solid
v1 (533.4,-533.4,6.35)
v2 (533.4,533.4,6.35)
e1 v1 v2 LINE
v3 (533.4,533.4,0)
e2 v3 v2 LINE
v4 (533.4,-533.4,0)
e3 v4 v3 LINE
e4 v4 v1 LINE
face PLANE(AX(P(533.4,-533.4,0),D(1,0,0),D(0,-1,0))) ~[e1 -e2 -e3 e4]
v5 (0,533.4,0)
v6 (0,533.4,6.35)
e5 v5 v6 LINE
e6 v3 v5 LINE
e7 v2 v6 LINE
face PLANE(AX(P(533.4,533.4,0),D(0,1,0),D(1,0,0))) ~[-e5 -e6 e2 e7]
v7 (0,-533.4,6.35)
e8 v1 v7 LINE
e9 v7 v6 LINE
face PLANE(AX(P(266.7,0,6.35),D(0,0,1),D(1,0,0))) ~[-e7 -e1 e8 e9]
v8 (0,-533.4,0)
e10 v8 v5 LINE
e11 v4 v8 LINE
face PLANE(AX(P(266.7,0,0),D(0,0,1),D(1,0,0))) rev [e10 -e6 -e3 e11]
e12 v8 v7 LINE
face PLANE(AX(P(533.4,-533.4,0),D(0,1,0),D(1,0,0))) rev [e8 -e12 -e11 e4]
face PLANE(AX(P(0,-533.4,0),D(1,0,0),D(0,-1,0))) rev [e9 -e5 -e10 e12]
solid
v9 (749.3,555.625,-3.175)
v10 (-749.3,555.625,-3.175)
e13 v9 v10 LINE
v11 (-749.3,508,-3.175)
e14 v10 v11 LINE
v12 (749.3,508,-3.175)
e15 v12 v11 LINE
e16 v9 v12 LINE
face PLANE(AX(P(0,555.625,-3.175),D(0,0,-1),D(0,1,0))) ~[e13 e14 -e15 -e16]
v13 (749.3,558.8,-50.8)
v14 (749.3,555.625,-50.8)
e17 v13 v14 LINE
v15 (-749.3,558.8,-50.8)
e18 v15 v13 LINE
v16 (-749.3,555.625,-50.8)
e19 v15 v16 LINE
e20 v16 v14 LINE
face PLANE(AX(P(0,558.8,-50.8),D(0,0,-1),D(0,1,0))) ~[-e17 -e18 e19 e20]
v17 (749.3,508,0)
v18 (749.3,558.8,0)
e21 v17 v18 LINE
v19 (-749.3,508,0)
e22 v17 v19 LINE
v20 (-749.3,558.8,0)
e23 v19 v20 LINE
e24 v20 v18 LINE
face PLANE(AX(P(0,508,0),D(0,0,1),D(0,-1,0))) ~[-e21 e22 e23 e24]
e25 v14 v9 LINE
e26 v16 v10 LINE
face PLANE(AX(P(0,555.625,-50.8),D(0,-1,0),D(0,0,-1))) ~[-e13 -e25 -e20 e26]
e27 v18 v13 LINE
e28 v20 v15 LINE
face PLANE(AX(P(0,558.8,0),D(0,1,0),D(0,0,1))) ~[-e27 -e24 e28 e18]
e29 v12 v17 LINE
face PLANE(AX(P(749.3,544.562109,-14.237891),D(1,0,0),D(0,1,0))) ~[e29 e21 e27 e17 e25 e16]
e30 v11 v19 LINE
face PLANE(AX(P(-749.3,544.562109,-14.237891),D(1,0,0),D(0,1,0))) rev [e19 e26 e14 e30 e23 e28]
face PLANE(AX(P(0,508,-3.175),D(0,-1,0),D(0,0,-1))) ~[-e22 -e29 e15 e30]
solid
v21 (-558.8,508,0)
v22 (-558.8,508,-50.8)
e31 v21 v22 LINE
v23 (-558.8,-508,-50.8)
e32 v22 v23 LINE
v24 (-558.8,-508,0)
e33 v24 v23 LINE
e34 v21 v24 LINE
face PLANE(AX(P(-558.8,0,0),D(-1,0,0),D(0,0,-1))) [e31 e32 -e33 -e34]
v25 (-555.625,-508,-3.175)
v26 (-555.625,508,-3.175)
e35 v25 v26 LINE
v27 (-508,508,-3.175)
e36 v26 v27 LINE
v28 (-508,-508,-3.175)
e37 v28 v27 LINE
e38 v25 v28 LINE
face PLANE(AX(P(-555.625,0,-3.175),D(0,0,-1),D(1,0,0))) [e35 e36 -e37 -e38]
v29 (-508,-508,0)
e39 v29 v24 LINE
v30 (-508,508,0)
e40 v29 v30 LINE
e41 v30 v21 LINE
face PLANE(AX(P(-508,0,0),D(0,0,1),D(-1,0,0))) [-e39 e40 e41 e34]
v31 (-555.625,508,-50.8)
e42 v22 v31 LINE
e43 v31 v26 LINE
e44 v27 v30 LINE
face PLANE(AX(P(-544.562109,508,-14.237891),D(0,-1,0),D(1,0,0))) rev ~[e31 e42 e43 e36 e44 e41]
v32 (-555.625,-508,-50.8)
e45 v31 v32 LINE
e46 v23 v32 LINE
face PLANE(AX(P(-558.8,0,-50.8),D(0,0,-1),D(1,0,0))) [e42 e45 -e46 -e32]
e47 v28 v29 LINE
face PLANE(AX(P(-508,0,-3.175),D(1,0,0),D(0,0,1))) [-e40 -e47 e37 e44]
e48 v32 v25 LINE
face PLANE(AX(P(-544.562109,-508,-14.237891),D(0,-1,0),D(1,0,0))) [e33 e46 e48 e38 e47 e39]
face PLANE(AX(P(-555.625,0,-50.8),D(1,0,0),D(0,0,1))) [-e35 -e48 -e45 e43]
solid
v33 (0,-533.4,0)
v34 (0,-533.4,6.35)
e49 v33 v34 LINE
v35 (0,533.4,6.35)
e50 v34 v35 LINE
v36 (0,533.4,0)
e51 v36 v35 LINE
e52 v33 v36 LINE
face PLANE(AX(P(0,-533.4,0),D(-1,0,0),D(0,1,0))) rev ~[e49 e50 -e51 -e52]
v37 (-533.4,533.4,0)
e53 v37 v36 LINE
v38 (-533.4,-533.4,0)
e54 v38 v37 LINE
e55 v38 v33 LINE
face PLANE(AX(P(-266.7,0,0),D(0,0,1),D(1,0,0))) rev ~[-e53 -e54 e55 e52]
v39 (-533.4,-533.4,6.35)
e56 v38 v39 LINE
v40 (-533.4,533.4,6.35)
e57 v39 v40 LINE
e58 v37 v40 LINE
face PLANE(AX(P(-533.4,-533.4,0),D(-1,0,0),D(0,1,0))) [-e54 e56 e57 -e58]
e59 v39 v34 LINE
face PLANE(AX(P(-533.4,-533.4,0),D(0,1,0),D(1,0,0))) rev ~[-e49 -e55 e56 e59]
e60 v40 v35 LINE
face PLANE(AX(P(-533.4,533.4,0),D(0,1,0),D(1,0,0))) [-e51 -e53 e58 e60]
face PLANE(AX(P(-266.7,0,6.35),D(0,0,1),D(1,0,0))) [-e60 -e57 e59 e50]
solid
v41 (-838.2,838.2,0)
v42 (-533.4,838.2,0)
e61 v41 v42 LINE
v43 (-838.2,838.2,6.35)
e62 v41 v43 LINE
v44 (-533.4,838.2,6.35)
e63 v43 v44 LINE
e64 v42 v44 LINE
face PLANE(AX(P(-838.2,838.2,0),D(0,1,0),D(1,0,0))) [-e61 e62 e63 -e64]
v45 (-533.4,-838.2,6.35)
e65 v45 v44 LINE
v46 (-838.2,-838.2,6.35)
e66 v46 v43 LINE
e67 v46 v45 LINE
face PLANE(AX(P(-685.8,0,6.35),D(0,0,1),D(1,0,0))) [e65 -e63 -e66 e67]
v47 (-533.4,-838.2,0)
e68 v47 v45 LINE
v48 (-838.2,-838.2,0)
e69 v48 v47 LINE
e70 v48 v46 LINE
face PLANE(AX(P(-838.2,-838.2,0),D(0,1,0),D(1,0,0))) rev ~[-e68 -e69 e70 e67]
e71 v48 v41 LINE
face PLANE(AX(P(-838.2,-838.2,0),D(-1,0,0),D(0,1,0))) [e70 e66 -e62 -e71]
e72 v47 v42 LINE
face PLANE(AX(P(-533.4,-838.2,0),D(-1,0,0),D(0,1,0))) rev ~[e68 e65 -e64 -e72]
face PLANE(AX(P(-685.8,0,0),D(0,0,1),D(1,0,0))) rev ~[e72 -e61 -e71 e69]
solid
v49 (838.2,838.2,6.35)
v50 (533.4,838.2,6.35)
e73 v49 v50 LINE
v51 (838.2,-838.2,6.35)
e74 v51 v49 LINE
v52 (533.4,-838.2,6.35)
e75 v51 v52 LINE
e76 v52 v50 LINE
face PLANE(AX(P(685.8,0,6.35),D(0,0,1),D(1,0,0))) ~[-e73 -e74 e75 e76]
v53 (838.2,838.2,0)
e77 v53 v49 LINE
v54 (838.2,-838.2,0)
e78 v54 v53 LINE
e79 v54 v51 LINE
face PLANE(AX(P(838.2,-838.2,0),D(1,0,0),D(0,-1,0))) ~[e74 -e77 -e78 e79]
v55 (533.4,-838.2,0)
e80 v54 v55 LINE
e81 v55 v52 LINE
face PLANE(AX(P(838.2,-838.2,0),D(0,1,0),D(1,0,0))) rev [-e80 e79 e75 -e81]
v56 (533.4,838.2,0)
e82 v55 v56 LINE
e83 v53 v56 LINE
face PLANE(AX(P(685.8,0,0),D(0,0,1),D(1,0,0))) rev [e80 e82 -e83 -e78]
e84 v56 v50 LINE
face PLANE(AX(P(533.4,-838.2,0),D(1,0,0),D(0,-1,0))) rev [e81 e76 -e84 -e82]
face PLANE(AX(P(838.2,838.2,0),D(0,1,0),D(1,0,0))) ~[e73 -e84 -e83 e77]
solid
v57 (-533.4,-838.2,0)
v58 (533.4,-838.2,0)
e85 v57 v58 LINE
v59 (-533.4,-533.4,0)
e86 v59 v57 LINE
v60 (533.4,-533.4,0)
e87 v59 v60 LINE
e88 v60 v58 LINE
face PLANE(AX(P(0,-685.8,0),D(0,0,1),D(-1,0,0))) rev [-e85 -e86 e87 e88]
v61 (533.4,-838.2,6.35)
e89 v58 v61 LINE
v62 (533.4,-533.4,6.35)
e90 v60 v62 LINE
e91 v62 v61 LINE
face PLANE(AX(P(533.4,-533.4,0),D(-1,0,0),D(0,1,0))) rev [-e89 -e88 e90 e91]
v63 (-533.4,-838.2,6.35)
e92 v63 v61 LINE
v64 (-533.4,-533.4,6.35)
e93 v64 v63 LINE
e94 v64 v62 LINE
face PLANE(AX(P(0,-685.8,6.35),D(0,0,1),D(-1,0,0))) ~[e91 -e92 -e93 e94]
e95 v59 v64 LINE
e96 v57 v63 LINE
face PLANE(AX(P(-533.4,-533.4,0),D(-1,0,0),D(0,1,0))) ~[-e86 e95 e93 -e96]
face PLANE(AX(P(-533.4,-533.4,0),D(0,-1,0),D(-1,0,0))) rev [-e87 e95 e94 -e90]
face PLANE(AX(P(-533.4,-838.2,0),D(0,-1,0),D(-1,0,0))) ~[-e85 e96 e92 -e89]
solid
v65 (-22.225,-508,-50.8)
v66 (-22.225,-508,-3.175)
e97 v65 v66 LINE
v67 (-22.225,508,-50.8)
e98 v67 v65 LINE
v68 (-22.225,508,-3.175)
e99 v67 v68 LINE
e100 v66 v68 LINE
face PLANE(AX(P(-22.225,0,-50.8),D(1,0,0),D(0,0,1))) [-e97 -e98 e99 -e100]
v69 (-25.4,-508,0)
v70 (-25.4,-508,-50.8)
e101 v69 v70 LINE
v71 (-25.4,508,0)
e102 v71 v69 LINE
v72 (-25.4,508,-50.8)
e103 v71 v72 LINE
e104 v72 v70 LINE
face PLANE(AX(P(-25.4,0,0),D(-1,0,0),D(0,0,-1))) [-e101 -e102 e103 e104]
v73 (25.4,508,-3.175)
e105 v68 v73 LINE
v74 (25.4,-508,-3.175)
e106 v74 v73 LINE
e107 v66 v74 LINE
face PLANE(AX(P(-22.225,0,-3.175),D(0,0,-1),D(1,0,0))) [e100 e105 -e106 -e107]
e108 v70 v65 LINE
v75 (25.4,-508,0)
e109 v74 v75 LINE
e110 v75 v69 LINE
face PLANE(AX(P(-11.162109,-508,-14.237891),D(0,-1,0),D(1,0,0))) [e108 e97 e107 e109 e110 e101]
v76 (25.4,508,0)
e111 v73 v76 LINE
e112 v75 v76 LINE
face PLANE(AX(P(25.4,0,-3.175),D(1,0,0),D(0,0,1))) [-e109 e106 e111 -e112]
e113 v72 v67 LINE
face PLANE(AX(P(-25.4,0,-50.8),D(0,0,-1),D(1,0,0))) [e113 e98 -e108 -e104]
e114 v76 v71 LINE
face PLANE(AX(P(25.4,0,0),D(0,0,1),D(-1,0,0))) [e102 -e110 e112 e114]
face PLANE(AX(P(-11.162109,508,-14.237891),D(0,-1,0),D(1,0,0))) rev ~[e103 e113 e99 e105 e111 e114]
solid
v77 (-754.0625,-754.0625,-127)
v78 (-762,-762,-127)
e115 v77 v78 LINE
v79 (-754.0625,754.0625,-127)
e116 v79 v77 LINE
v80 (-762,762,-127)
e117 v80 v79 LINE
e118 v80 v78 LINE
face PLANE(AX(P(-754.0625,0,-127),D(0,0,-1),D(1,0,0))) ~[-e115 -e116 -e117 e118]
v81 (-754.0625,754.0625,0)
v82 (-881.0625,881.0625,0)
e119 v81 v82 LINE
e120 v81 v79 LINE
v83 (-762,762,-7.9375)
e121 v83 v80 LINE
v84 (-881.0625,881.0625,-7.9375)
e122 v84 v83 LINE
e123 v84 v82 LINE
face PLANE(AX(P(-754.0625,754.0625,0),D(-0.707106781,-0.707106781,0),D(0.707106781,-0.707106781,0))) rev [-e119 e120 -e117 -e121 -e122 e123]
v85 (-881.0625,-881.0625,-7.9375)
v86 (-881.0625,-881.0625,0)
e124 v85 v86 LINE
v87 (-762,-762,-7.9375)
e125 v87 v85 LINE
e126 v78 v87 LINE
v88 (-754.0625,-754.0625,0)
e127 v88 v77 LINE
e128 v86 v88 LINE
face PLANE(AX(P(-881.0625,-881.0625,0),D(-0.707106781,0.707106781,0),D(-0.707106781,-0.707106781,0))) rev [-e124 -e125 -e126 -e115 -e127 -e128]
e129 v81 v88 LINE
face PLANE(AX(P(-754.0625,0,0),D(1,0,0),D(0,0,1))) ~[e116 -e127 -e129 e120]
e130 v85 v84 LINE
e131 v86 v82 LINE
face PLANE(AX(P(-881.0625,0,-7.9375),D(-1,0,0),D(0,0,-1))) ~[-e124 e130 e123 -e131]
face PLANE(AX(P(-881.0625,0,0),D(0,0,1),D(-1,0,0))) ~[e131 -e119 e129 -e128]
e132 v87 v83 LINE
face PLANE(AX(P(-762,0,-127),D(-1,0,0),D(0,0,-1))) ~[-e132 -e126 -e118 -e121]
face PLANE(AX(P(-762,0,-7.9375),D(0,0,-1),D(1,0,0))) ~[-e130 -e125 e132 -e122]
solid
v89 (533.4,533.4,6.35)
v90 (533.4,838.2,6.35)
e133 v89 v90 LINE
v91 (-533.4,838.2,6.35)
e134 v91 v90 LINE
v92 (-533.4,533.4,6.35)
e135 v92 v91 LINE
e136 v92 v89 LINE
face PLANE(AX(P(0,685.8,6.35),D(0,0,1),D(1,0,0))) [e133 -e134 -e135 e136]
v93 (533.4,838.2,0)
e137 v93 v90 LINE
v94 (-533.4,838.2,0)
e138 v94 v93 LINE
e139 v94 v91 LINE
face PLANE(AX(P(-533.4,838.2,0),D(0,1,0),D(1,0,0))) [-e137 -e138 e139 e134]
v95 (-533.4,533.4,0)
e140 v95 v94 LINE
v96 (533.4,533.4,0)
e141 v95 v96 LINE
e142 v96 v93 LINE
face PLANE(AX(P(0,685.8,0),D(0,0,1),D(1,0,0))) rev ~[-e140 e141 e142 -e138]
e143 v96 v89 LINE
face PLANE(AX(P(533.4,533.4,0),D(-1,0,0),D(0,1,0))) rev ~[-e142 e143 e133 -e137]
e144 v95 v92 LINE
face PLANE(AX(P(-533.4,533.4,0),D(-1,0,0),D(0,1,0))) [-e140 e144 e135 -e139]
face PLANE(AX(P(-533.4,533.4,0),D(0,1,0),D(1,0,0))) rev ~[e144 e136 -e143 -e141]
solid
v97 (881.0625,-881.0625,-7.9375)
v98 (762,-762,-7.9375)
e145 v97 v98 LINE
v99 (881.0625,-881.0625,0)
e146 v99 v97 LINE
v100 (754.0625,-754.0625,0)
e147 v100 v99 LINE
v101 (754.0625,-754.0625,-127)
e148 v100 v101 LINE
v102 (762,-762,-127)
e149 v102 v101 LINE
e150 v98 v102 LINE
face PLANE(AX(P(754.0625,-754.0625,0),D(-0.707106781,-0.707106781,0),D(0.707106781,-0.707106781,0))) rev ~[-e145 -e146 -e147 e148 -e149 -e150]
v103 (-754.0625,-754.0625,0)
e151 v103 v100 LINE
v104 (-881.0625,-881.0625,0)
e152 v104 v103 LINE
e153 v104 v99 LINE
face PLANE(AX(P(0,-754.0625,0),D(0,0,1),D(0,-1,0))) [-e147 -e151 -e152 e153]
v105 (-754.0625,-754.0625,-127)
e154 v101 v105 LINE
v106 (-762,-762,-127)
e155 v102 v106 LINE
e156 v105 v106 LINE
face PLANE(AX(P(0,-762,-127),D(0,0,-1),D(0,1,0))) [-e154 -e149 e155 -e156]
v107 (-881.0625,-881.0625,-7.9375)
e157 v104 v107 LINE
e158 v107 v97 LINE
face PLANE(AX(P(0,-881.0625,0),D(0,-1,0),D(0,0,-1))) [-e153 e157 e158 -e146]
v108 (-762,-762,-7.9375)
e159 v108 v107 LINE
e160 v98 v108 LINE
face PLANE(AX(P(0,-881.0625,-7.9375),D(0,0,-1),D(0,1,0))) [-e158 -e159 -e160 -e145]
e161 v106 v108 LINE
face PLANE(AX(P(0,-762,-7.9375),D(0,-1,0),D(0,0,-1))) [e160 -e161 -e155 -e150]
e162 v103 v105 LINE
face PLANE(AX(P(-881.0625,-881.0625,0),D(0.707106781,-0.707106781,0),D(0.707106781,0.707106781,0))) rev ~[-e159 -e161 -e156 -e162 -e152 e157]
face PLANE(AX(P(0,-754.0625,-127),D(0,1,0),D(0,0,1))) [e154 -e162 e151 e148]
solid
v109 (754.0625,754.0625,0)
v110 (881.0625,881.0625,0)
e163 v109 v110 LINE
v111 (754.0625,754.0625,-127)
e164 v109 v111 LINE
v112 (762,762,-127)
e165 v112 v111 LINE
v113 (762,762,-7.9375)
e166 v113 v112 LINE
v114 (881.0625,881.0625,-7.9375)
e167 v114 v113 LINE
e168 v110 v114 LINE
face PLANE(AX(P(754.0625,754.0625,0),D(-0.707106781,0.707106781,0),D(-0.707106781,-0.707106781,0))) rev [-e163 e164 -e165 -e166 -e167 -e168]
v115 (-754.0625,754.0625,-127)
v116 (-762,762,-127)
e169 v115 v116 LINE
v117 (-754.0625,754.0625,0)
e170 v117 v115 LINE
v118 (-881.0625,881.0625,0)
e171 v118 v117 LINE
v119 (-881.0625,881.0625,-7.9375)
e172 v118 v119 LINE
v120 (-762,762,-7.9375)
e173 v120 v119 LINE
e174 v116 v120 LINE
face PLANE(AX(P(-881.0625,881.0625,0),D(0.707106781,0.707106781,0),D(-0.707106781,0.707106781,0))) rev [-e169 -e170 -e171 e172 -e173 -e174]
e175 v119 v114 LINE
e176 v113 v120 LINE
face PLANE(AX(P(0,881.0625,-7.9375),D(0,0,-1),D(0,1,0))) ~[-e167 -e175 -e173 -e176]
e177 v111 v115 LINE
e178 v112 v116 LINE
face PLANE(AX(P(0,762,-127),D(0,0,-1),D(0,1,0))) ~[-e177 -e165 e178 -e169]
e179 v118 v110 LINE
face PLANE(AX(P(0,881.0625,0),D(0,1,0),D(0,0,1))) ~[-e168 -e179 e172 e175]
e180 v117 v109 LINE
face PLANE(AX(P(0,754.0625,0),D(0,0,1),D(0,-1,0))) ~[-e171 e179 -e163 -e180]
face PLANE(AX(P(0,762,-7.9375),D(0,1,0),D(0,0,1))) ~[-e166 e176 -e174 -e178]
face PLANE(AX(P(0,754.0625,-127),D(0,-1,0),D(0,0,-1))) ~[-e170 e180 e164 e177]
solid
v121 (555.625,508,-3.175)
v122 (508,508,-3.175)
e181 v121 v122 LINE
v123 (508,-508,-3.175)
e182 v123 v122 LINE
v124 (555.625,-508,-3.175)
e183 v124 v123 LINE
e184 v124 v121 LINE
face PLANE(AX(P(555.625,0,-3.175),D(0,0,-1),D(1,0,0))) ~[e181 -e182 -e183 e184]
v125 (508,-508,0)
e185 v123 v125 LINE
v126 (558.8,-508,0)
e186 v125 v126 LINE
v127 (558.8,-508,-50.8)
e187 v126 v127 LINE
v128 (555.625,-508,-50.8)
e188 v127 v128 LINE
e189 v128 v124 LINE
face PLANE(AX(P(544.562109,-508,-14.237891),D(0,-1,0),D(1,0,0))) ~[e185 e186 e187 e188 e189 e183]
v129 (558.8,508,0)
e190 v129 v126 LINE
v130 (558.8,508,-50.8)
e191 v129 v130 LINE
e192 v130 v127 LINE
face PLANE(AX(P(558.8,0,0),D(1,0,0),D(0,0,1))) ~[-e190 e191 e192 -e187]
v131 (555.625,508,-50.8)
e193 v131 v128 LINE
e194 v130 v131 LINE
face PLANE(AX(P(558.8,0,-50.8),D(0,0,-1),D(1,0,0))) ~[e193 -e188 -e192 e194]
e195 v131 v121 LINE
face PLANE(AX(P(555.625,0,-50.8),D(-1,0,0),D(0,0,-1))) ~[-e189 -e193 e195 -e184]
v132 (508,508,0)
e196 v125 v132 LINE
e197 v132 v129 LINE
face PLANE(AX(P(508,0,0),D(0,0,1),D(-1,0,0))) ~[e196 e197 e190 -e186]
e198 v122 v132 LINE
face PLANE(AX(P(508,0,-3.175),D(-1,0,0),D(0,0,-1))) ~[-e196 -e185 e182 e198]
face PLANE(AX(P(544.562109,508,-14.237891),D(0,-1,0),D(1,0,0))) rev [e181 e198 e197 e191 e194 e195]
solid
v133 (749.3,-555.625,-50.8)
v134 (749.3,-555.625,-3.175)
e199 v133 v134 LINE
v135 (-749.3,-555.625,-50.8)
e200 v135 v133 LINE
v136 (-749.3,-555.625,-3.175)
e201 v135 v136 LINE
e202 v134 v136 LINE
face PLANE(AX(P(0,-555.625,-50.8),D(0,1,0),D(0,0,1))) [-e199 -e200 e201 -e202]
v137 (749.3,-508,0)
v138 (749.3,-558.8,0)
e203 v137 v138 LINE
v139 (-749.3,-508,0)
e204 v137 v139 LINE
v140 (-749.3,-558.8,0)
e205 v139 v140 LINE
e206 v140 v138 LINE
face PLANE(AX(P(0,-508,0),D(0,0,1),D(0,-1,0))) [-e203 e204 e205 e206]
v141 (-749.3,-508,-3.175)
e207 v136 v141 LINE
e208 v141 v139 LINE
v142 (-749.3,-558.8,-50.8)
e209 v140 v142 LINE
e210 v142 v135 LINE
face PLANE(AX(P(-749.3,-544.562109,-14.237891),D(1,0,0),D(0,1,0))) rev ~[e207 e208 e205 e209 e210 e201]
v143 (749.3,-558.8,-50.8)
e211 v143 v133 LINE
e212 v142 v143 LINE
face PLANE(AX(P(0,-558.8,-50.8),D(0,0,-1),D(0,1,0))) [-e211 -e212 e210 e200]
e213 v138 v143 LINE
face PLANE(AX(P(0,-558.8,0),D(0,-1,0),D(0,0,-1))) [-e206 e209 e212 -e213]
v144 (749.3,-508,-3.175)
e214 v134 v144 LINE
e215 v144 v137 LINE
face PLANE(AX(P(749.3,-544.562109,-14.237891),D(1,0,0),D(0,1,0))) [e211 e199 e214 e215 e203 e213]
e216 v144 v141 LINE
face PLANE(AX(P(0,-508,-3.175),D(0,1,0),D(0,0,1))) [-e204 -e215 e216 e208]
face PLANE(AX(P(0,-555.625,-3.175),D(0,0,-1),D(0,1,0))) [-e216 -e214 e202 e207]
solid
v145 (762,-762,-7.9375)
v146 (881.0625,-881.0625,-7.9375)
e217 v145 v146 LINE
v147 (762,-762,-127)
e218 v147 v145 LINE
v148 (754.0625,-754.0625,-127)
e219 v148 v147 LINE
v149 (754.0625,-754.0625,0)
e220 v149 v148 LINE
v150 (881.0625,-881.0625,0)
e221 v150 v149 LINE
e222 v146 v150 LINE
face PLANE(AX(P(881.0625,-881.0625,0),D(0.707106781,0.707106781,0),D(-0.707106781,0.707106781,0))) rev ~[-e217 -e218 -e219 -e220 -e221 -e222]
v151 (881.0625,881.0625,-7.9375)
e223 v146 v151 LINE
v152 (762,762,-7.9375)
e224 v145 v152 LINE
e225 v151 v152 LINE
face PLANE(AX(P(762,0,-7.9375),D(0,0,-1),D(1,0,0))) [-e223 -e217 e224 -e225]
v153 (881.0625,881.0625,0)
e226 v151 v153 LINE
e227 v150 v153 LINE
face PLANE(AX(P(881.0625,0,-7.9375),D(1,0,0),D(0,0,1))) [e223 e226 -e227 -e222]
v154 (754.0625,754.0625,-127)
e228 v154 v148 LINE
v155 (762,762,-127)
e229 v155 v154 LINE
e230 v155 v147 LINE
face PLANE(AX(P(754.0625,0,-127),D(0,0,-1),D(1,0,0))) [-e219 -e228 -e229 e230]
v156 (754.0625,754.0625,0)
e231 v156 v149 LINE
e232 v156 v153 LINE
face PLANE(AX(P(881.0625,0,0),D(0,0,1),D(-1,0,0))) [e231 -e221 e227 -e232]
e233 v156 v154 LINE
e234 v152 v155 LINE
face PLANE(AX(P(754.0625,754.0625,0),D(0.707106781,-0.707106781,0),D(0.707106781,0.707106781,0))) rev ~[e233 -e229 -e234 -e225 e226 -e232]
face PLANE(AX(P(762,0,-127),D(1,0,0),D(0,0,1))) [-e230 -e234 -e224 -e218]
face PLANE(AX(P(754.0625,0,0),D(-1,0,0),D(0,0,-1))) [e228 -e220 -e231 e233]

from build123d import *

# Parameters (mm, degrees)
F1_DEPTH  = 881.0625
F3_DEPTH  = 152.4
F6_DEPTH  = 881.0625
F8_DEPTH  = 152.4
F10_W     = 304.8
F10_H     = 1676.4
F11_DEPTH = 6.35
F13_W     = 1066.8
F13_H     = 304.8
F14_DEPTH = 6.35
F16_W     = 533.4
F16_H     = 1066.8
F17_DEPTH = 6.35
F20_DEPTH = 749.3
F23_DEPTH = 508
F26_DEPTH = 508


with BuildPart() as f1:
    # F0 (on Right) → F1 (new body, symmetric)
    with BuildSketch(Plane.YZ):
        Polygon((-754.0625, -127), (-754.0625, 0), (-881.0625, 0), (-881.0625, -7.9375), (-762, -7.9375), (-762, -127), align=None)
    extrude(amount=F1_DEPTH, both=True)

    # F2 (on face) → F3 (cut)
    with BuildSketch(Plane.XY):
        Polygon((-754.0625, -754.0625), (-881.0625, -754.0625), (-881.0625, -881.0625), align=None)
        Polygon((881.0625, -754.0625), (754.0625, -754.0625), (881.0625, -881.0625), align=None)
    extrude(amount=-F3_DEPTH, mode=Mode.SUBTRACT)


with BuildPart() as f4_1:
    # F4: instance of F1
    add(f1.part.mirror(Plane.XZ))


with BuildPart() as f6:
    # F5 (on Front) → F6 (new body, symmetric)
    with BuildSketch(Plane.XZ):
        Polygon((881.0625, 0), (754.0625, 0), (754.0625, -127), (762, -127), (762, -7.9375), (881.0625, -7.9375), align=None)
    extrude(amount=F6_DEPTH, both=True)

    # F7 (on face) → F8 (cut)
    with BuildSketch(Plane.XY):
        Polygon((881.0625, 881.0625), (754.0625, 881.0625), (754.0625, 754.0625), align=None)
        Polygon((754.0625, -754.0625), (754.0625, -881.0625), (881.0625, -881.0625), align=None)
    extrude(amount=-F8_DEPTH, mode=Mode.SUBTRACT)


with BuildPart() as f9_1:
    # F9: instance of F6
    add(f6.part.mirror(Plane.YZ))


with BuildPart() as f11:
    # F10 (on Top) → F11 (new body)
    with BuildSketch(Plane.XY):
        with Locations((-685.8, 0)):
            Rectangle(F10_W, F10_H)
    extrude(amount=F11_DEPTH)


with BuildPart() as f12_1:
    # F12: instance of F11
    add(f11.part.mirror(Plane.YZ))


with BuildPart() as f14:
    # F13 (on Top) → F14 (new body)
    with BuildSketch(Plane.XY):
        with Locations((0, 685.8)):
            Rectangle(F13_W, F13_H)
    extrude(amount=F14_DEPTH)


with BuildPart() as f15_1:
    # F15: instance of F14
    add(f14.part.mirror(Plane.XZ))


with BuildPart() as f17:
    # F16 (on Top) → F17 (new body)
    with BuildSketch(Plane.XY):
        with Locations((-266.7, 0)):
            Rectangle(F16_W, F16_H)
    extrude(amount=F17_DEPTH)


with BuildPart() as f18_1:
    # F18: instance of F17
    add(f17.part.mirror(Plane.YZ))


with BuildPart() as f20:
    # F19 (on Right) → F20 (new body, symmetric)
    with BuildSketch(Plane.YZ):
        Polygon((-508, 0), (-558.8, 0), (-558.8, -50.8), (-555.625, -50.8), (-555.625, -3.175), (-508, -3.175), align=None)
    extrude(amount=F20_DEPTH, both=True)


with BuildPart() as f21_1:
    # F21: instance of F20
    add(f20.part.mirror(Plane.XZ))


with BuildPart() as f23:
    # F22 (on Front) → F23 (new body, symmetric)
    with BuildSketch(Plane.XZ):
        Polygon((-508, 0), (-558.8, 0), (-558.8, -50.8), (-555.625, -50.8), (-555.625, -3.175), (-508, -3.175), align=None)
    extrude(amount=F23_DEPTH, both=True)


with BuildPart() as f24_1:
    # F24: instance of F23
    add(f23.part.mirror(Plane.YZ))


with BuildPart() as f26:
    # F25 (on Front) → F26 (new body, symmetric)
    with BuildSketch(Plane.XZ):
        Polygon((25.4, 0), (-25.4, 0), (-25.4, -50.8), (-22.225, -50.8), (-22.225, -3.175), (25.4, -3.175), align=None)
    extrude(amount=F26_DEPTH, both=True)


solid = Compound([f1.part, f4_1.part, f6.part, f9_1.part, f11.part, f12_1.part, f14.part, f15_1.part, f17.part, f18_1.part, f20.part, f21_1.part, f23.part, f24_1.part, f26.part])
